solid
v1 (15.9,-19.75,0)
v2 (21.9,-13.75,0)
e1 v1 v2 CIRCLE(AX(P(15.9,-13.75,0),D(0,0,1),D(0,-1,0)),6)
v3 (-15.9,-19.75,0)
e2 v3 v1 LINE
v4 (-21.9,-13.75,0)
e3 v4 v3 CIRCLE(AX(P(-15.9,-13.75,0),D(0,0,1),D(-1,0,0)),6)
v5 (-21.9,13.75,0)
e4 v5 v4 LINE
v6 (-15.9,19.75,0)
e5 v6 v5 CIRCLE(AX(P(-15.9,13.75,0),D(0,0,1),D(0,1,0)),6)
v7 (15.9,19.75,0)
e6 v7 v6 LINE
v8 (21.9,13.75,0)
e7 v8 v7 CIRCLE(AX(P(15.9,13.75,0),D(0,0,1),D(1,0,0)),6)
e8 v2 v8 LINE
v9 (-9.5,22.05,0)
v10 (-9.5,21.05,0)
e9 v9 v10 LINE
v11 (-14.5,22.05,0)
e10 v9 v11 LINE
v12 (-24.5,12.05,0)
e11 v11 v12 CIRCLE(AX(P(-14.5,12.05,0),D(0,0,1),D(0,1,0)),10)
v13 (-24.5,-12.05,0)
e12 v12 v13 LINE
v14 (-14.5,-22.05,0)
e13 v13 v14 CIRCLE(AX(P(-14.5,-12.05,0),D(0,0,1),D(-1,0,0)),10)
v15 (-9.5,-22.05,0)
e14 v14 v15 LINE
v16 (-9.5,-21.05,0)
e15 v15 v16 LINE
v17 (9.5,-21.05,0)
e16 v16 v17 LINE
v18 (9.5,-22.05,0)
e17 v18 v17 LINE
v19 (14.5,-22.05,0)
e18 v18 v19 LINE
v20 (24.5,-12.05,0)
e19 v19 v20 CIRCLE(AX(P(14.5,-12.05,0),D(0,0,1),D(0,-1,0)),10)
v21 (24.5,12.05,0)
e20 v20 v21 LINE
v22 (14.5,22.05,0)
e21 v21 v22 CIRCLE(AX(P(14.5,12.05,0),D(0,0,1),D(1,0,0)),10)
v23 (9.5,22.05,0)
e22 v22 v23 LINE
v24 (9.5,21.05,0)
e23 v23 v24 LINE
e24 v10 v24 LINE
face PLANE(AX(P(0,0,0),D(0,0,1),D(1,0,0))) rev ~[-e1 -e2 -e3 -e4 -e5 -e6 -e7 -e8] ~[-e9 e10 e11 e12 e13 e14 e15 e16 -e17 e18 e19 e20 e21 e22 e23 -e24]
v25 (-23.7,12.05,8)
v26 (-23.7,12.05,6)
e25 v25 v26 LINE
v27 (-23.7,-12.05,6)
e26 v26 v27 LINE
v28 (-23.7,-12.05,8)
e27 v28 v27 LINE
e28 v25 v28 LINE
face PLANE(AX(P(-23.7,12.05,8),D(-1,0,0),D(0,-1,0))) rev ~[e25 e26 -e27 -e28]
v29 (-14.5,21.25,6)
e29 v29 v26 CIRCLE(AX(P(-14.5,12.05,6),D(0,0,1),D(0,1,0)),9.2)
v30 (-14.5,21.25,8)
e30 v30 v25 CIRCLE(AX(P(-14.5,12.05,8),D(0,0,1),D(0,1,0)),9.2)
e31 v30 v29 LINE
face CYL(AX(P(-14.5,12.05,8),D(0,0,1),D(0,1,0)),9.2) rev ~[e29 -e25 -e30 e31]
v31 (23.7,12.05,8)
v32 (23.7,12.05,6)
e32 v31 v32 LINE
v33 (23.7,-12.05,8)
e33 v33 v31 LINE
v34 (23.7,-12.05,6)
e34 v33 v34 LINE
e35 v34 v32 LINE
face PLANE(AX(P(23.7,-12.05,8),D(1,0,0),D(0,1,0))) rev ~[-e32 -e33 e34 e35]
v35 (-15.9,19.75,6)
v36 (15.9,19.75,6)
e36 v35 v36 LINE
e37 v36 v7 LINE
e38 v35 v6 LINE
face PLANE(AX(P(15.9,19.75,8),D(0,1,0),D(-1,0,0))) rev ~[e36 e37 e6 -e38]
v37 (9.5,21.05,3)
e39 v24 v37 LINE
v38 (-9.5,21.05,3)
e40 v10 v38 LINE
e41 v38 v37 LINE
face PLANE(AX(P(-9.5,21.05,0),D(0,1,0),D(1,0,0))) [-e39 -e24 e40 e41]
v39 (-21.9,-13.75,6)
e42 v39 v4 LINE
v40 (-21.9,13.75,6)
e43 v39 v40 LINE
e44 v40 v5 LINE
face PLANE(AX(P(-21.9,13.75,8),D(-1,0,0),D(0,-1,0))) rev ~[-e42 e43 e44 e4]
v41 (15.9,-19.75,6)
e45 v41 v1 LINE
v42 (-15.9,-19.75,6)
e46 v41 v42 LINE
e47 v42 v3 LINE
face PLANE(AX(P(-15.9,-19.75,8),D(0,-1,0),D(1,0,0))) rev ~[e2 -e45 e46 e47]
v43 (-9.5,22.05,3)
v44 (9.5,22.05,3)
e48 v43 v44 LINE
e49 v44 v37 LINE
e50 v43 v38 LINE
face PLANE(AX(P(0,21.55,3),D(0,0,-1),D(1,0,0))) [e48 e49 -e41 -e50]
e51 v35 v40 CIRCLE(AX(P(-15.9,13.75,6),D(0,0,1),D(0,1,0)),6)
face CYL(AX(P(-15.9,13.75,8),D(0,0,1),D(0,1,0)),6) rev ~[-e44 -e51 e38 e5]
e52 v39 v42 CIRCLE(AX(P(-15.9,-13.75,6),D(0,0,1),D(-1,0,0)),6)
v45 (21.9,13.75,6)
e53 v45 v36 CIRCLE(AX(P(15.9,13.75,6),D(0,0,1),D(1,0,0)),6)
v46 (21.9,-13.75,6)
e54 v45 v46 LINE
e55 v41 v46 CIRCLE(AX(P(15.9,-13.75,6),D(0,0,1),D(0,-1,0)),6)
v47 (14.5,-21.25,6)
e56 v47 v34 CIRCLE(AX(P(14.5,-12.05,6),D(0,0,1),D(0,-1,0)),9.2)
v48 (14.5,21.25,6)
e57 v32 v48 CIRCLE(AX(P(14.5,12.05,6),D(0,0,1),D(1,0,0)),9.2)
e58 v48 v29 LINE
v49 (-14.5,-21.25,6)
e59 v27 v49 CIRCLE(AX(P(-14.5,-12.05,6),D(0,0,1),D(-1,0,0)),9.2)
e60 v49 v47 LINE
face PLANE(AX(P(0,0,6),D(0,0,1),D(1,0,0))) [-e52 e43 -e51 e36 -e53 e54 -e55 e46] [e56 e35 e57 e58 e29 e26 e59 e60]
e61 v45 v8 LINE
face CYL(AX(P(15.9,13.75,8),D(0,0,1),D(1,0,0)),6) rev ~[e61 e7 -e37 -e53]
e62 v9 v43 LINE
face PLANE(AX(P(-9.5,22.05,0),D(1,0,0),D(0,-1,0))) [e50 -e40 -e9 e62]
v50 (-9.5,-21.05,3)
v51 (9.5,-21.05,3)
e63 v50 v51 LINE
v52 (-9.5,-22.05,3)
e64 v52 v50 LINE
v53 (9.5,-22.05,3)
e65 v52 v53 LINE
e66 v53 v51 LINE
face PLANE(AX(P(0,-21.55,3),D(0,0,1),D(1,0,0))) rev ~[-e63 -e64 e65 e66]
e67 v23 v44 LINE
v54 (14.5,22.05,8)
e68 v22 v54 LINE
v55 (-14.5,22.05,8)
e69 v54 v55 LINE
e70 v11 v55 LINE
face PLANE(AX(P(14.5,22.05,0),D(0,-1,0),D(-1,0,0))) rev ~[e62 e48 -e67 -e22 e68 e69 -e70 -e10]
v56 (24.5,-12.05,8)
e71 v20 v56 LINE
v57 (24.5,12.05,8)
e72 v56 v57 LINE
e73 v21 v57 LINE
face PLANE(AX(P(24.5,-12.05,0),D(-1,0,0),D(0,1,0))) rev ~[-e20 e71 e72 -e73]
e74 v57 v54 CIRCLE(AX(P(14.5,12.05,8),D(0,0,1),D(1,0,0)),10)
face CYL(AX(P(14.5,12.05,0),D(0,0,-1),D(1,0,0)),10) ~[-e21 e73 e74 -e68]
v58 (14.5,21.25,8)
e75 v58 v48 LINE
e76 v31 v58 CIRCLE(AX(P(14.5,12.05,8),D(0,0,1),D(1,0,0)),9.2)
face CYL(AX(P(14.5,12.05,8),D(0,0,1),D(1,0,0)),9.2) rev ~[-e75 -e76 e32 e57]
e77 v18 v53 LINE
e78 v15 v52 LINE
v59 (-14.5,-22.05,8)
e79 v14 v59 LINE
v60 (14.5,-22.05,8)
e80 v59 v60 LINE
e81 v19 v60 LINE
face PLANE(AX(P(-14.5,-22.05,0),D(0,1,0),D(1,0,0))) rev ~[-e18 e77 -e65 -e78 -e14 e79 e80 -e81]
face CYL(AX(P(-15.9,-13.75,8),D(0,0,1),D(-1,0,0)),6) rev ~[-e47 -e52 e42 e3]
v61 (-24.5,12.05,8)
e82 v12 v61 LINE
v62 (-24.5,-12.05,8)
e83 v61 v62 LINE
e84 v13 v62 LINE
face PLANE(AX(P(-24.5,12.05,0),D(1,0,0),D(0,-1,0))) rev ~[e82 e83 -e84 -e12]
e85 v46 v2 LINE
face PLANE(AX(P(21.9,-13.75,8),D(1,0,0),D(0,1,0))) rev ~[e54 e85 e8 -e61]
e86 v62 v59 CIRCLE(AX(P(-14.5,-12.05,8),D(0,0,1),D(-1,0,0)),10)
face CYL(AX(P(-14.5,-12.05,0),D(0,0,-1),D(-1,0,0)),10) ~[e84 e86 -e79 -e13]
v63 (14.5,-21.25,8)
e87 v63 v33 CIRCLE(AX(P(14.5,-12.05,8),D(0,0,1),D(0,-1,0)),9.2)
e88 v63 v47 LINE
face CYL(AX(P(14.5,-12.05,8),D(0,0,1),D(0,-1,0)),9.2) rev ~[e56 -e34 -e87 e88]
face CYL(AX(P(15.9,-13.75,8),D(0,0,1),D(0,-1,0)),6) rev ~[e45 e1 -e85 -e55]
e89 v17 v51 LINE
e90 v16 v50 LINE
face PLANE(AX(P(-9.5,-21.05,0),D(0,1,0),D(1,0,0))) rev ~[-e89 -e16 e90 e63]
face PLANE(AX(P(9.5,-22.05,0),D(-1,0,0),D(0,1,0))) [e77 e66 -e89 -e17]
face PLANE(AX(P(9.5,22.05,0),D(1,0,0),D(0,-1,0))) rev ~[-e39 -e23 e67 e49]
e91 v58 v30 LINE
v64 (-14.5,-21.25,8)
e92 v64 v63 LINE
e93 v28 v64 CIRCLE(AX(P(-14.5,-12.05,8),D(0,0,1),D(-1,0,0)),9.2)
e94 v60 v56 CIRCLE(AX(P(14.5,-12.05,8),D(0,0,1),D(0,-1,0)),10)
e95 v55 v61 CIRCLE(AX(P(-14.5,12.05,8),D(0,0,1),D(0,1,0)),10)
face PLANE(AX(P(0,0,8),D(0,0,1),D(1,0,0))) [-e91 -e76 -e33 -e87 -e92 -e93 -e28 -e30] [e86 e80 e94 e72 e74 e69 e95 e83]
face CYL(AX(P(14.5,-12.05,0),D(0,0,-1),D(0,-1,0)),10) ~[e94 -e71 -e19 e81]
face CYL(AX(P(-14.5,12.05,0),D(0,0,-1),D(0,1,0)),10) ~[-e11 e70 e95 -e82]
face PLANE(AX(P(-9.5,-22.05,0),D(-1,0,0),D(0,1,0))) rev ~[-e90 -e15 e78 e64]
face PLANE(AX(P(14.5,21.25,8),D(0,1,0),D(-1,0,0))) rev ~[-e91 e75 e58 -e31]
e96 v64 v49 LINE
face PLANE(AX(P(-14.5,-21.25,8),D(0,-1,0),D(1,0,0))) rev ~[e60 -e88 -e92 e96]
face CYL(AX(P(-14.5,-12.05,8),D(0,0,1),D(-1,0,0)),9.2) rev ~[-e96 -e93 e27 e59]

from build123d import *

# Parameters (mm, degrees)
F1_DEPTH = 8
F3_DEPTH = 8.001
F5_DEPTH = 2
F6_W     = 19
F6_H     = 1
F7_DEPTH = 3
F8_W     = 19
F8_H     = 1
F9_DEPTH = 3


with BuildPart() as f1:
    # F0 (on Top) → F1 (new body)
    with BuildSketch(Plane.XY):
        with BuildLine():
            Line((-14.5, -22.05), (14.5, -22.05))
            ThreePointArc((14.5, -22.05), (21.5710678119, -19.1210678119), (24.5, -12.05))
            Line((24.5, -12.05), (24.5, 12.05))
            ThreePointArc((24.5, 12.05), (21.5710678119, 19.1210678119), (14.5, 22.05))
            Line((14.5, 22.05), (-14.5, 22.05))
            ThreePointArc((-14.5, 22.05), (-21.5710678119, 19.1210678119), (-24.5, 12.05))
            Line((-24.5, 12.05), (-24.5, -12.05))
            ThreePointArc((-24.5, -12.05), (-21.5710678119, -19.1210678119), (-14.5, -22.05))
        make_face()
    extrude(amount=F1_DEPTH)

    # F2 (on face) → F3 (cut, through all)
    with BuildSketch(Plane.XY.offset(8)):
        with BuildLine():
            Line((-15.9, -19.75), (15.9, -19.75))
            ThreePointArc((15.9, -19.75), (20.1426406871, -17.9926406871), (21.9, -13.75))
            Line((21.9, -13.75), (21.9, 13.75))
            ThreePointArc((21.9, 13.75), (20.1426406871, 17.9926406871), (15.9, 19.75))
            Line((15.9, 19.75), (-15.9, 19.75))
            ThreePointArc((-15.9, 19.75), (-20.1426406871, 17.9926406871), (-21.9, 13.75))
            Line((-21.9, 13.75), (-21.9, -13.75))
            ThreePointArc((-21.9, -13.75), (-20.1426406871, -17.9926406871), (-15.9, -19.75))
        make_face()
    extrude(amount=-F3_DEPTH, mode=Mode.SUBTRACT)

    # F4 (on face) → F5 (cut)
    with BuildSketch(Plane.XY.offset(8)):
        with BuildLine():
            ThreePointArc((14.5, -21.25), (21.0053823869, -18.5553823869), (23.7, -12.05))
            Line((23.7, -12.05), (23.7, 12.05))
            ThreePointArc((23.7, 12.05), (21.0053823869, 18.5553823869), (14.5, 21.25))
            Line((14.5, 21.25), (-14.5, 21.25))
            ThreePointArc((-14.5, 21.25), (-21.0053823869, 18.5553823869), (-23.7, 12.05))
            Line((-23.7, 12.05), (-23.7, -12.05))
            ThreePointArc((-23.7, -12.05), (-21.0053823869, -18.5553823869), (-14.5, -21.25))
            Line((-14.5, -21.25), (14.5, -21.25))
        make_face()
    extrude(amount=-F5_DEPTH, mode=Mode.SUBTRACT)

    # F6 (on Top) → F7 (cut)
    with BuildSketch(Plane.XY):
        with Locations((0, -21.55)):
            Rectangle(F6_W, F6_H)
    extrude(amount=F7_DEPTH, mode=Mode.SUBTRACT)

    # F8 (on face) → F9 (cut)
    with BuildSketch(Plane(origin=(0, 0, 0), x_dir=(1, 0, 0), z_dir=(0, 0, -1))):
        with Locations((0, -21.55)):
            Rectangle(F8_W, F8_H)
    extrude(amount=-F9_DEPTH, mode=Mode.SUBTRACT)


solid = f1.part
